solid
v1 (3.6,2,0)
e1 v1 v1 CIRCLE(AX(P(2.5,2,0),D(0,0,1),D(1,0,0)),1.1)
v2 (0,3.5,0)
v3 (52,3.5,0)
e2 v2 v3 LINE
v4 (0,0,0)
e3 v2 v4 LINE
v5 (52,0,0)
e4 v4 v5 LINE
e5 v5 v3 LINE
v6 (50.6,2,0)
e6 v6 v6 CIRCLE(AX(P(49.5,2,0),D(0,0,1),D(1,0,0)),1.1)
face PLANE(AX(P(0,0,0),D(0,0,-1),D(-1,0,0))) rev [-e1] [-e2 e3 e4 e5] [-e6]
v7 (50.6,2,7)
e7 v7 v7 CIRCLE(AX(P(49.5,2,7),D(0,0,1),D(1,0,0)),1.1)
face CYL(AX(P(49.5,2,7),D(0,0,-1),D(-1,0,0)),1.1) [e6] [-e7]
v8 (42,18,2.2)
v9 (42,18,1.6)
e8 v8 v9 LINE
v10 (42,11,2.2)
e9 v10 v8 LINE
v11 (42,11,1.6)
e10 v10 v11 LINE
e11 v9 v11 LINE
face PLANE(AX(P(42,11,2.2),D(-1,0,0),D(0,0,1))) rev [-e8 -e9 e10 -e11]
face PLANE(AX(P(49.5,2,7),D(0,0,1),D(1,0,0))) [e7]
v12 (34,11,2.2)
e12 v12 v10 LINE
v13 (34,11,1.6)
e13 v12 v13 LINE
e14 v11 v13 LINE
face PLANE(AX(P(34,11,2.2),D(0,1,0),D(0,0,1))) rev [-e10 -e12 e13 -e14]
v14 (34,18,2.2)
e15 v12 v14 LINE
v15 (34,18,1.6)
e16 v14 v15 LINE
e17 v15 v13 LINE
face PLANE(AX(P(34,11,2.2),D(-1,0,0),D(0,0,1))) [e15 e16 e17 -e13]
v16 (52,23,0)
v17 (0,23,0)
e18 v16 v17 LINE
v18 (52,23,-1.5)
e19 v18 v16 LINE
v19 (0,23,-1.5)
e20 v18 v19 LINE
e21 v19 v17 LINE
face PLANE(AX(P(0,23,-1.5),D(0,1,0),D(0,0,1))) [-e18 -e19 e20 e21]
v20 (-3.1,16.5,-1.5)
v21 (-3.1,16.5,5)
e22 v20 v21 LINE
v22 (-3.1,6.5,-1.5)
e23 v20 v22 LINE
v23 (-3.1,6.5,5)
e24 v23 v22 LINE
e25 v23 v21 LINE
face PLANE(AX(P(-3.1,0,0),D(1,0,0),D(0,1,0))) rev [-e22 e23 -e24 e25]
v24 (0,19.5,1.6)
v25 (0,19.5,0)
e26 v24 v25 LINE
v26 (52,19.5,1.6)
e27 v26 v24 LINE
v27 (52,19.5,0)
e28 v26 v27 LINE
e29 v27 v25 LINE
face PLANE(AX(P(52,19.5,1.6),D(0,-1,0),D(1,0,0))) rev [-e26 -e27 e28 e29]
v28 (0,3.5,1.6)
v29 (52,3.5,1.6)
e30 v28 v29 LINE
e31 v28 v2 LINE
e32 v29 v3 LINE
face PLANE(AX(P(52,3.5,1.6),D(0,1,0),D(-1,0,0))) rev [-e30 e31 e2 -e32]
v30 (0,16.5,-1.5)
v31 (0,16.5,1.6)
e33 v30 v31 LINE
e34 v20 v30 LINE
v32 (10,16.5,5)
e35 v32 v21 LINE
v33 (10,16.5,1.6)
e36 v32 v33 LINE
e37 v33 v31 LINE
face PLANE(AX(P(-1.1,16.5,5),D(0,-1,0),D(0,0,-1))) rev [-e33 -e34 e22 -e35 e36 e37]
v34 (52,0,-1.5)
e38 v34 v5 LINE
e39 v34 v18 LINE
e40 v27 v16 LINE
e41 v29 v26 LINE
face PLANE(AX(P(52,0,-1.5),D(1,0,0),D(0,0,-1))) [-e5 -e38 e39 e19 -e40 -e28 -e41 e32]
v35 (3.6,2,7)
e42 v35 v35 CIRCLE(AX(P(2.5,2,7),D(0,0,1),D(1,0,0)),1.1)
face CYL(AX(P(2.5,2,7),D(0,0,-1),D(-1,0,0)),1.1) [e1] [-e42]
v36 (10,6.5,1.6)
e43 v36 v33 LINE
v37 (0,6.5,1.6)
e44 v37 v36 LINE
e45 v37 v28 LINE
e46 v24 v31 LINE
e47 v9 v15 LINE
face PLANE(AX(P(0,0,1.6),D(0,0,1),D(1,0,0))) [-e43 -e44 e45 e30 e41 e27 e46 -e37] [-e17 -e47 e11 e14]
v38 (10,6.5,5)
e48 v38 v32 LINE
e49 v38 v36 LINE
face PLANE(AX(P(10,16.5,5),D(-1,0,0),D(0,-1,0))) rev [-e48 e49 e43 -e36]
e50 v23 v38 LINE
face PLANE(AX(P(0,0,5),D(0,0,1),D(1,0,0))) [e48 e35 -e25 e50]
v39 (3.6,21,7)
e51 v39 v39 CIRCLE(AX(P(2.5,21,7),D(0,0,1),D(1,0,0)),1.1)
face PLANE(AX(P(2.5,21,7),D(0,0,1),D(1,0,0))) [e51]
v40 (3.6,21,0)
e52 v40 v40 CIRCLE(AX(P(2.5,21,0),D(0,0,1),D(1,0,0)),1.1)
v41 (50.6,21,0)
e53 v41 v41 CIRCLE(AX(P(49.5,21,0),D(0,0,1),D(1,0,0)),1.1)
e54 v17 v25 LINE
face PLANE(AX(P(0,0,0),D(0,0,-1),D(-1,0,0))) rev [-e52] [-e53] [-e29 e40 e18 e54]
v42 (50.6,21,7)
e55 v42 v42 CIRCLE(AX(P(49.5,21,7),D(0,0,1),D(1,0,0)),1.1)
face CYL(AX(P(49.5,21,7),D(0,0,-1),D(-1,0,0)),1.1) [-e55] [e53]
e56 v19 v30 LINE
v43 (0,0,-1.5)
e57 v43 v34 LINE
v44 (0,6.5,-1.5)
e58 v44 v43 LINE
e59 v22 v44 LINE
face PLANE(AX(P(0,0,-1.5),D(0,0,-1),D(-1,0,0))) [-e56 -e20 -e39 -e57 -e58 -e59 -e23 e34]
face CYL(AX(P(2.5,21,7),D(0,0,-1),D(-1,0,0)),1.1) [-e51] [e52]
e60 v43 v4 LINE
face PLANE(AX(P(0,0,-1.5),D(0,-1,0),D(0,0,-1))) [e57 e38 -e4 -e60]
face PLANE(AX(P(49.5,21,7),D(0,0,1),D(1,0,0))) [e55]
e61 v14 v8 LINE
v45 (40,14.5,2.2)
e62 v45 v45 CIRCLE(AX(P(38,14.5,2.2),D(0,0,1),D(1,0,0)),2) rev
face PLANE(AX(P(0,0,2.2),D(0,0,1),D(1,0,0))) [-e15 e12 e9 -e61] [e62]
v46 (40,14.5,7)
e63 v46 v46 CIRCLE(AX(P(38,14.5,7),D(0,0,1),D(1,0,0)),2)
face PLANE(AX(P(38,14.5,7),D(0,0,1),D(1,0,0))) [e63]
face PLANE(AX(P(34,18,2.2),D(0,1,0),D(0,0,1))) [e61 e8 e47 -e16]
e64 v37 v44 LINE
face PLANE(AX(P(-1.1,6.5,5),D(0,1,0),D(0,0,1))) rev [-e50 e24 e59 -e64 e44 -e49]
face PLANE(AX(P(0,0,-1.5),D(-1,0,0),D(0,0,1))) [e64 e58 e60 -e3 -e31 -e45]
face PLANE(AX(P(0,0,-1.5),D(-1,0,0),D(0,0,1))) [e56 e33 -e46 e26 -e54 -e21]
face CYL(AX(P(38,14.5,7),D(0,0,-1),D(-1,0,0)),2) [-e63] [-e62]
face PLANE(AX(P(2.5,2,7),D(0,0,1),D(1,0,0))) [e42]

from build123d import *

# Parameters (mm, degrees)
SKETCH1_W                  = 52
SKETCH1_H                  = 23
SKETCH1_R                  = 1.1
EXT_PCB_DEPTH              = 1.5
SKETCH2_W                  = 11.1
SKETCH2_H                  = 10
EXT_USB_SOCKET_DEPTH       = 5
SKETCH3_W                  = 52
SKETCH3_H                  = 16
EXT_COMPONENTS_DEPTH       = 1.6
SKETCH4_W                  = 8
SKETCH4_H                  = 7
EXT_RESET_BUTTON_DEPTH     = 2.2
SKETCH4_3_R                = 2
EXT_RESET_BUTTON_PEG_DEPTH = 7
SKETCH5_W                  = 4.4
SKETCH5_H                  = 9.4
EXT_USB_PLUG_DEPTH         = 2
SKETCH6_W                  = 1.5
SKETCH6_H                  = 10
EXT_USB_SLOT_DEPTH         = 3.1
EXT_START                  = -1.5
SKETCH7_R                  = 1.1
EXT_MOUNTS_DEPTH           = 8.5


with BuildPart() as part:
    # Sketch1 → ext PCB (new body)
    with BuildSketch(Plane.XY):
        with Locations((26, 11.5)):
            Rectangle(SKETCH1_W, SKETCH1_H)
        with Locations((2.5, 21)):
            Circle(SKETCH1_R, mode=Mode.SUBTRACT)
        with Locations((49.5, 21)):
            Circle(SKETCH1_R, mode=Mode.SUBTRACT)
        with Locations((2.5, 2)):
            Circle(SKETCH1_R, mode=Mode.SUBTRACT)
        with Locations((49.5, 2)):
            Circle(SKETCH1_R, mode=Mode.SUBTRACT)
    extrude(amount=-EXT_PCB_DEPTH)

    # Sketch2 → ext USB socket (add)
    with BuildSketch(Plane.XY):
        with Locations((4.45, 11.5)):
            Rectangle(SKETCH2_W, SKETCH2_H)
    extrude(amount=EXT_USB_SOCKET_DEPTH)

    # Sketch3 → ext Components (add)
    with BuildSketch(Plane.XY):
        with Locations((26, 11.5)):
            Rectangle(SKETCH3_W, SKETCH3_H)
    extrude(amount=EXT_COMPONENTS_DEPTH)

    # Sketch4 → ext Reset button (add)
    with BuildSketch(Plane.XY):
        with Locations((38, 14.5)):
            Rectangle(SKETCH4_W, SKETCH4_H)
    extrude(amount=EXT_RESET_BUTTON_DEPTH)

    # Sketch4<3> → ext Reset Button Peg (add)
    with BuildSketch(Plane.XY):
        with Locations((38, 14.5)):
            Circle(SKETCH4_3_R)
    extrude(amount=EXT_RESET_BUTTON_PEG_DEPTH)

    # Sketch5 → ext USB Plug (add)
    with BuildSketch(Plane.ZY.offset(1.1)):
        with Locations((2.5, 11.5)):
            Rectangle(SKETCH5_W, SKETCH5_H)
    extrude(amount=EXT_USB_PLUG_DEPTH)

    # Sketch6 → ext USB slot (add)
    with BuildSketch(Plane.ZY):
        Polygon((1.6, 6.5), (5, 6.5), (5, 16.5), (1.6, 16.5), (0, 16.5), (0, 6.5), align=None)
        with Locations((-0.75, 11.5)):
            Rectangle(SKETCH6_W, SKETCH6_H)
    extrude(amount=EXT_USB_SLOT_DEPTH)

    # Sketch7 → ext Mounts (add)
    with BuildSketch(Plane.XY.offset(EXT_START)):
        with Locations((49.5, 2)):
            Circle(SKETCH7_R)
        with Locations((2.5, 2)):
            Circle(SKETCH7_R)
        with Locations((2.5, 21)):
            Circle(SKETCH7_R)
        with Locations((49.5, 21)):
            Circle(SKETCH7_R)
    extrude(amount=EXT_MOUNTS_DEPTH)


solid = part.part
